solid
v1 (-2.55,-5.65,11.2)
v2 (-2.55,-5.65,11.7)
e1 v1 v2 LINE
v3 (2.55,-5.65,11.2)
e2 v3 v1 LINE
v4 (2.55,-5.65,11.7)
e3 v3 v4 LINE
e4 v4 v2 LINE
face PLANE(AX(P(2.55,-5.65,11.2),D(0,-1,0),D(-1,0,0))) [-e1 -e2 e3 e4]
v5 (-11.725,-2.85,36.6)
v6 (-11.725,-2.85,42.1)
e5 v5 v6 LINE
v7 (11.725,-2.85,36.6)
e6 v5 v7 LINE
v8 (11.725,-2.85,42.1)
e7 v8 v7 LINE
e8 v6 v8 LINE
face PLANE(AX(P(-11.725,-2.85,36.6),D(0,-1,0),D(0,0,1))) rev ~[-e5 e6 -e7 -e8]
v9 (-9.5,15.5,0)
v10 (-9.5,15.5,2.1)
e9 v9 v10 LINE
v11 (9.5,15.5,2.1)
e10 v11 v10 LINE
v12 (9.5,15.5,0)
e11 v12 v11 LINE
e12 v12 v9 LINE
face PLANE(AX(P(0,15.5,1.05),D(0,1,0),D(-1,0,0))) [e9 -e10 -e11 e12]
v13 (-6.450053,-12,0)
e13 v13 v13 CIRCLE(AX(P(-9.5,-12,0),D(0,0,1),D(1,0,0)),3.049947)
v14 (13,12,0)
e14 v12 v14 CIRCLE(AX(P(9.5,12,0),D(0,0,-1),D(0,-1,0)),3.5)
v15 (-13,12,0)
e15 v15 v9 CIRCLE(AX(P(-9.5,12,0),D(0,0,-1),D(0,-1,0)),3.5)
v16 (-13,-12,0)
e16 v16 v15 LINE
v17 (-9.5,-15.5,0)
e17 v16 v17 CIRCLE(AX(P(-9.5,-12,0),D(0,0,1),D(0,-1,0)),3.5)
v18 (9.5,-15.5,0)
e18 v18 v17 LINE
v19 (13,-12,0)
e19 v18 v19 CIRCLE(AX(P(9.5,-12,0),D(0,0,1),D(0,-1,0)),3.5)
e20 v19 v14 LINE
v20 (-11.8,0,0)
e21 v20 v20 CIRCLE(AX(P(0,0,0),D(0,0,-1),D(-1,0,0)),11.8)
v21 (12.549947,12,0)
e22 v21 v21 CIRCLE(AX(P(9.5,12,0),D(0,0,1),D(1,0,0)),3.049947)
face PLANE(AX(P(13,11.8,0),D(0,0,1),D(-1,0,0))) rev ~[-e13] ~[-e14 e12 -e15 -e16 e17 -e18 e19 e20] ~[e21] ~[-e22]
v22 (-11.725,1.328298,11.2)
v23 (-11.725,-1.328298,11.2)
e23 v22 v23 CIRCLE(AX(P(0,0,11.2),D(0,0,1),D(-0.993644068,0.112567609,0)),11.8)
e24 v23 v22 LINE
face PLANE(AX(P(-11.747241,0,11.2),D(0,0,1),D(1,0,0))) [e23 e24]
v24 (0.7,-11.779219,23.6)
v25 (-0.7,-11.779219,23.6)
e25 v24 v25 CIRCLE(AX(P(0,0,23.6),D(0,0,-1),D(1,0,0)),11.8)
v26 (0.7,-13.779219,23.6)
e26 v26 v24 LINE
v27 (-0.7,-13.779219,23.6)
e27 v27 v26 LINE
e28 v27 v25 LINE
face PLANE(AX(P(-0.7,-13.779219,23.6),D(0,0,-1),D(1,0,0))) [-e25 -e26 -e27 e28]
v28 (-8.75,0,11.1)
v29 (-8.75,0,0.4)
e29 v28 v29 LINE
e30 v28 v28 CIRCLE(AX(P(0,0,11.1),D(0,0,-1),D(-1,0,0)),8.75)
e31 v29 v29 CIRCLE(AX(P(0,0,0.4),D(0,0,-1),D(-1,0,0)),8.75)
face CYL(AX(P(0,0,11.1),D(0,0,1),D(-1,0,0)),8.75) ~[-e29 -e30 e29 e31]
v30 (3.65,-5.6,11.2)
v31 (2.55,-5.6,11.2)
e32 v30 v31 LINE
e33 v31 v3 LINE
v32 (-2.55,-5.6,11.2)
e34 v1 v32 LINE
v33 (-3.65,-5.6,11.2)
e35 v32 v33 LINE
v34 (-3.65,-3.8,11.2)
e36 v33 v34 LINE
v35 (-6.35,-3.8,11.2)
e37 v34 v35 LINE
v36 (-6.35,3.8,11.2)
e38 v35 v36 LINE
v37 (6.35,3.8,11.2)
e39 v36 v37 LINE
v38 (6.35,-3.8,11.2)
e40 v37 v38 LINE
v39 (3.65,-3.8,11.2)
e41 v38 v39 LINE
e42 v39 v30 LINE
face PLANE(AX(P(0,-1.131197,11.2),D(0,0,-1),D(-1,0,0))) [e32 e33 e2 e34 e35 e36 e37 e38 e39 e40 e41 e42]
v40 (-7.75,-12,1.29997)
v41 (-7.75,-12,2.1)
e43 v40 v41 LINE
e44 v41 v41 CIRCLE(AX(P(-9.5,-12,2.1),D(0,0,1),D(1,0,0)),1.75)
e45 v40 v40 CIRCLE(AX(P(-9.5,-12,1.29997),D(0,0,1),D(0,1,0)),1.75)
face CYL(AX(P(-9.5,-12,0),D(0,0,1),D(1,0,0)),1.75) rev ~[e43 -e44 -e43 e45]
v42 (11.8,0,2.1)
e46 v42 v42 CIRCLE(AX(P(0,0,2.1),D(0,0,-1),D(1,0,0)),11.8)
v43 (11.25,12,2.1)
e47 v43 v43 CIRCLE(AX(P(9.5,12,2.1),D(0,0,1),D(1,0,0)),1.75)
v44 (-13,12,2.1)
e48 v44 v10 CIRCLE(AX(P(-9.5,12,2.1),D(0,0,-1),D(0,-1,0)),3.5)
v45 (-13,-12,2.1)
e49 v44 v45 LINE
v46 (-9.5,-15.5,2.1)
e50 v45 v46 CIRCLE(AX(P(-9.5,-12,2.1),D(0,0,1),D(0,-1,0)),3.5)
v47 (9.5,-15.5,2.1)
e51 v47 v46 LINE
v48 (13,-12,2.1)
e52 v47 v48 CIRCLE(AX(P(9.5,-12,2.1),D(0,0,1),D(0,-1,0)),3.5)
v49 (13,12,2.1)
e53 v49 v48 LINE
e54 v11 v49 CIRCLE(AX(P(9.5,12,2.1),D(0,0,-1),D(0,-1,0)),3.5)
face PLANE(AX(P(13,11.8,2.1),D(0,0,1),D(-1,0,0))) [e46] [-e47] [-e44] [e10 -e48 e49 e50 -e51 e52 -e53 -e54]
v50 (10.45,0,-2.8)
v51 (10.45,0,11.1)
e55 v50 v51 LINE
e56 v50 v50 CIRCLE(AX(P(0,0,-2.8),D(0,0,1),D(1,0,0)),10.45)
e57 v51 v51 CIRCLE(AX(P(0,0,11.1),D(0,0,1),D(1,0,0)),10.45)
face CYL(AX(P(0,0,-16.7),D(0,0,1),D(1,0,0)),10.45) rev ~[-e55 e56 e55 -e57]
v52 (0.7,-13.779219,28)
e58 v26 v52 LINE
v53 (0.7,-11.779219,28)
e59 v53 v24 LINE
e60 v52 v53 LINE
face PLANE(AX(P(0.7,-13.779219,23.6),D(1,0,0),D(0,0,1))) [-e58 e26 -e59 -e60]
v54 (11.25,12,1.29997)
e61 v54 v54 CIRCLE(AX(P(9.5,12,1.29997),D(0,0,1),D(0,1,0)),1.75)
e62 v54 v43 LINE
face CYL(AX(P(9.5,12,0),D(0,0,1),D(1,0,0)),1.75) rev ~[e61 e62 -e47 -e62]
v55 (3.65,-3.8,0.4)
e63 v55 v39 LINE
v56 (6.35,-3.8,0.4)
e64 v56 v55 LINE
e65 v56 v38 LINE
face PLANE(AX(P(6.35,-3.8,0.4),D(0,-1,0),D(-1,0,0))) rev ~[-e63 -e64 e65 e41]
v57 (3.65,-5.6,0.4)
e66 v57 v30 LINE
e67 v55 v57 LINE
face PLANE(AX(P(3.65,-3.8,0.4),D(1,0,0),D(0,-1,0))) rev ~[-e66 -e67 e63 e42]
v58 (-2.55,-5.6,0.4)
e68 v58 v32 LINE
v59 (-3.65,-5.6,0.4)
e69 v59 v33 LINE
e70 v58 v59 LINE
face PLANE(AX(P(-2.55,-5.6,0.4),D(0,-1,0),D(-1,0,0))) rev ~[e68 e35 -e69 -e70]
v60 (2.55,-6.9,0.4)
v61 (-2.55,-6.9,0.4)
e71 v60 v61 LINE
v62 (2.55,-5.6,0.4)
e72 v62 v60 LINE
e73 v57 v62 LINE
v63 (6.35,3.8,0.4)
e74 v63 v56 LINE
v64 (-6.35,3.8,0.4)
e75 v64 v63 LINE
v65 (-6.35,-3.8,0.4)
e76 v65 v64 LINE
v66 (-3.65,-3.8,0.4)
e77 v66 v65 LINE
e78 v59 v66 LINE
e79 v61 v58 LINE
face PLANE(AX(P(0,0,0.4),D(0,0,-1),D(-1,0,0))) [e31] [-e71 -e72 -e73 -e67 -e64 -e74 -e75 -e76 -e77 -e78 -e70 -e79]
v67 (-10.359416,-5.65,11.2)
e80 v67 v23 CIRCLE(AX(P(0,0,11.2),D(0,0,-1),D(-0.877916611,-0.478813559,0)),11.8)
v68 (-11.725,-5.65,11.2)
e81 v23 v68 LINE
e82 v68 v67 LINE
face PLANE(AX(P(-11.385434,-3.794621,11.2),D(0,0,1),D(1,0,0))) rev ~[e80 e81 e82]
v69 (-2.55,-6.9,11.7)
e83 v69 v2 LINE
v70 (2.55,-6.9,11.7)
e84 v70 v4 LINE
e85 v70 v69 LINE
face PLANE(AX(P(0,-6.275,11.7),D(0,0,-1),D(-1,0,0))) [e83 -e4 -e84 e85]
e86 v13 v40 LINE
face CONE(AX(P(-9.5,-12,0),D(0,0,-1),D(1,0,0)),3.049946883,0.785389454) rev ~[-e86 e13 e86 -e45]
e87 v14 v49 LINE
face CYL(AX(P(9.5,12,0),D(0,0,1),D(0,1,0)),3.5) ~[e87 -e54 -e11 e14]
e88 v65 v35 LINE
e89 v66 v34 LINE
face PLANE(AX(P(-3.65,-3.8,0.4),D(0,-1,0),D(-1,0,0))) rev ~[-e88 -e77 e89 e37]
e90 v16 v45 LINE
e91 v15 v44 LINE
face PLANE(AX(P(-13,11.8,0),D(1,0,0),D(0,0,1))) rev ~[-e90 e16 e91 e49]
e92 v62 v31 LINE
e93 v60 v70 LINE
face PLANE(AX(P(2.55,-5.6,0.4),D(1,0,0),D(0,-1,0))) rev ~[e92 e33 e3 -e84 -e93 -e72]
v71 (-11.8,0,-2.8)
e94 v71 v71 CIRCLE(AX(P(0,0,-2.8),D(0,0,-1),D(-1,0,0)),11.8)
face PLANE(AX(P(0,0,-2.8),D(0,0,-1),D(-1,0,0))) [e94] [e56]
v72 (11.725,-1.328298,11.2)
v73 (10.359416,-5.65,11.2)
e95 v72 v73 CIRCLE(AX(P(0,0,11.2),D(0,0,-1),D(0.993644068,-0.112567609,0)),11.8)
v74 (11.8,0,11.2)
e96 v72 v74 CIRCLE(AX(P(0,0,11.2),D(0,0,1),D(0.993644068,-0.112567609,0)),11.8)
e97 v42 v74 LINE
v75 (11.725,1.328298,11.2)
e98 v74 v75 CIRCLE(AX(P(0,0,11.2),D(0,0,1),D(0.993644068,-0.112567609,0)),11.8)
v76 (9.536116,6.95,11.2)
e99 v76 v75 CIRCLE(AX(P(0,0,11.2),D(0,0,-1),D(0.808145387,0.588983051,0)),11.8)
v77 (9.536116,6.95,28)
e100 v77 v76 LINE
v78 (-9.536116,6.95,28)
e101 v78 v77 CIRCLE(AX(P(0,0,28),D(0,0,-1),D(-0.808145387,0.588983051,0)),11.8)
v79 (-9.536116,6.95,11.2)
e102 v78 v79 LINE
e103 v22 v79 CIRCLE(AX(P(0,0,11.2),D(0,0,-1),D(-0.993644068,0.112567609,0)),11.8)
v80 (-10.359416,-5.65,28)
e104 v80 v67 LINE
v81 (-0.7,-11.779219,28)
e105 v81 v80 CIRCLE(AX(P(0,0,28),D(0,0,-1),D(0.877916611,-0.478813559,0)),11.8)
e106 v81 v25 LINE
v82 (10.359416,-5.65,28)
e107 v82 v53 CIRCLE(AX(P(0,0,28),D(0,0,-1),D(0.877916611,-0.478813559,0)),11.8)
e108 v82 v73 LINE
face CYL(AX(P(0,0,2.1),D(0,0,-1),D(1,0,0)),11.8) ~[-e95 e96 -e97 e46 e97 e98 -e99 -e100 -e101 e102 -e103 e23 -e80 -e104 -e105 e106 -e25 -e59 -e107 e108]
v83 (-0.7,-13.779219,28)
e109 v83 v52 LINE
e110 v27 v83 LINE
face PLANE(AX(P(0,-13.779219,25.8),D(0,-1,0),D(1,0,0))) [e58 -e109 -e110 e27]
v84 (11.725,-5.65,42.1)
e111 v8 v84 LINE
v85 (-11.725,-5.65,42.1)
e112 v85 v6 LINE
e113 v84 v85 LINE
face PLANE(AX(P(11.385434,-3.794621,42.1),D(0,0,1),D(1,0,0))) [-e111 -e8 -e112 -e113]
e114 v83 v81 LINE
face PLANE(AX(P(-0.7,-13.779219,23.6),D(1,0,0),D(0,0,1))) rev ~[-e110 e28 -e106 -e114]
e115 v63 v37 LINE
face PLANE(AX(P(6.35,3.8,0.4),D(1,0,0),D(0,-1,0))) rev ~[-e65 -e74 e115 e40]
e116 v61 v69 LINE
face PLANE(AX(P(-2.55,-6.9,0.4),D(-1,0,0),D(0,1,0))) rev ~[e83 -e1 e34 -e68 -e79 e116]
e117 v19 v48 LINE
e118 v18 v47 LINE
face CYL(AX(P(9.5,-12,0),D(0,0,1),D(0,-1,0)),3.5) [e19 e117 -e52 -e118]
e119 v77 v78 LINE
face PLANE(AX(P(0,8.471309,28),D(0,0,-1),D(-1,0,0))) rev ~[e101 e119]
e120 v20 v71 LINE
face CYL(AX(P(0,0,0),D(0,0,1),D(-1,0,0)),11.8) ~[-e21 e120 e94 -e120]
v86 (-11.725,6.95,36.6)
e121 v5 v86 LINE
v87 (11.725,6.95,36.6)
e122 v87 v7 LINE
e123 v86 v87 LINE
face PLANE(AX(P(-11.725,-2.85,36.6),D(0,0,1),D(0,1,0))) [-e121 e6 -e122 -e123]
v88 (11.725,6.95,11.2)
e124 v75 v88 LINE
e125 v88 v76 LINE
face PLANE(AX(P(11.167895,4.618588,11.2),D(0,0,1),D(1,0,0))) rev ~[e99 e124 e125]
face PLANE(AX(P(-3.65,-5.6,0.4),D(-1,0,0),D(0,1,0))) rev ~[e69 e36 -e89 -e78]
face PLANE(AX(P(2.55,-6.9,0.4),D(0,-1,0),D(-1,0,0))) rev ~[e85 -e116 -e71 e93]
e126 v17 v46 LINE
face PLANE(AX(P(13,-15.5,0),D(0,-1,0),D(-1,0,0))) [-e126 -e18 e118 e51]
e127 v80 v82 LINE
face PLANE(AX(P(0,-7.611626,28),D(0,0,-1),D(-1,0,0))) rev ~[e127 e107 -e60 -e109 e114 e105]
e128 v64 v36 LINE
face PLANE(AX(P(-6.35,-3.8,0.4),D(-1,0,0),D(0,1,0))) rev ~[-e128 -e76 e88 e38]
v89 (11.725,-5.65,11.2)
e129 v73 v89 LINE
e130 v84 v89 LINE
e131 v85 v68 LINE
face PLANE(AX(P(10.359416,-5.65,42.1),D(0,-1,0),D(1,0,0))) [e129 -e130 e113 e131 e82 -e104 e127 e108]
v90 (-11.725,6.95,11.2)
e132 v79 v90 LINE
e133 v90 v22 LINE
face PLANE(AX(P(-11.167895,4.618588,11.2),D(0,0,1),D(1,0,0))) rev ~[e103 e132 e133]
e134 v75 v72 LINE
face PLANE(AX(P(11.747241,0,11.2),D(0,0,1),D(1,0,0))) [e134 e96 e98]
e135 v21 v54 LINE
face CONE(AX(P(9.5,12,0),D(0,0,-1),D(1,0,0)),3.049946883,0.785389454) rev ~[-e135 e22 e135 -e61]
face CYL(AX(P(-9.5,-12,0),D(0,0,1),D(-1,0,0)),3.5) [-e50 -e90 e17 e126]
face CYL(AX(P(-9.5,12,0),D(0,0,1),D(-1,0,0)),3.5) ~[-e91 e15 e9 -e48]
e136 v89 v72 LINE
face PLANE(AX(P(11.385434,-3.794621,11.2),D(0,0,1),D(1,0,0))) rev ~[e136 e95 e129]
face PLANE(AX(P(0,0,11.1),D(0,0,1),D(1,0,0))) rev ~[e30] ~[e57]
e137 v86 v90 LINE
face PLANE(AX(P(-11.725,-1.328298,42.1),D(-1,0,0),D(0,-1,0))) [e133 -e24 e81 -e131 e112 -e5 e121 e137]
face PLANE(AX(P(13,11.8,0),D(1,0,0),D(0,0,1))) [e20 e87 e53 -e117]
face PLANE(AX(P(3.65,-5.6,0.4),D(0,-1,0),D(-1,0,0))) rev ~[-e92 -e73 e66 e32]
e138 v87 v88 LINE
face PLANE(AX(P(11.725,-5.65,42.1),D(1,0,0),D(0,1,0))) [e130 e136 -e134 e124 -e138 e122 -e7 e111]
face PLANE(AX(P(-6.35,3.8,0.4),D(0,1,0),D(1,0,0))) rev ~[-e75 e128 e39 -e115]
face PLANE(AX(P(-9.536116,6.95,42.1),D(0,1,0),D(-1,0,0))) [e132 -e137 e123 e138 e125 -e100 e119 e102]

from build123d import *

# Parameters (mm, degrees)
ESQUISSE1_W                                    = 26
ESQUISSE1_H                                    = 27.3
BOSS_EXTRU_1_DEPTH                             = 2.1
ESQUISSE2_R                                    = 11.8
BOSS_EXTRU_2_DEPTH                             = 40
ESQUISSE3_W                                    = 26
ESQUISSE3_H                                    = 2.1
BOSS_EXTRU_3_DEPTH                             = 3.7
ESQUISSE4_R                                    = 11.8
BOSS_EXTRU_4_DEPTH                             = 2.8
D_GAGEMENT_M181_D                              = 20.9
D_GAGEMENT_M181_DEPTH                          = 13.9
ESQUISSE7_R                                    = 8.75
BOSS_EXTRU_5_DEPTH                             = 10.7
ENL_V_MAT_EXTRU_1_DEPTH                        = 10.8
ESQUISSE9_W                                    = 5.1
ESQUISSE9_H                                    = 1.25
ENL_V_MAT_EXTRU_2_DEPTH                        = 0.5
ENL_V_MAT_EXTRU_3_DEPTH                        = 30.9
BOSS_EXTRU_6_DEPTH                             = 30.9
ENL_V_MAT_EXTRU_4_DEPTH                        = 30.9
BOSS_EXTRU_7_DEPTH                             = 30.9
BOSS_EXTRU_8_DEPTH                             = 30.9
BOSS_EXTRU_9_DEPTH                             = 30.9
ENL_V_MAT_EXTRU_5_REACH                        = 16.1
ENL_V_MAT_EXTRU_6_REACH                        = 16.1
ESQUISSE20_W                                   = 5.5
ESQUISSE20_H                                   = 9.8
ENL_V_MAT_EXTRU_7_DEPTH                        = 25.725
BOSS_EXTRU_10_REACH                            = 31.279
ESQUISSE21_W                                   = 1.4
ESQUISSE21_H                                   = 4.4
FRAISAGE_POUR_VIS_T_TE_FRAIS_E_M31_D           = 3.5
FRAISAGE_POUR_VIS_T_TE_FRAIS_E_M31_DEPTH       = 42.1
FRAISAGE_POUR_VIS_T_TE_FRAIS_E_M31_CSINK_D     = 6.099893765
FRAISAGE_POUR_VIS_T_TE_FRAIS_E_M31_CSINK_ANGLE = 89.999002
CONG_1_R                                       = 3.5


with BuildPart() as part:
    # Esquisse1 → Boss.-Extru.1 (new body)
    with BuildSketch(Plane(origin=(0, 0, 0), x_dir=(-1, 0, 0), z_dir=(0, 0, -1))):
        with Locations((0, -1.85)):
            Rectangle(ESQUISSE1_W, ESQUISSE1_H)
    extrude(amount=-BOSS_EXTRU_1_DEPTH)

    # Esquisse2 → Boss.-Extru.2 (add)
    with BuildSketch(Plane.XY.offset(2.1)):
        Circle(ESQUISSE2_R)
    extrude(amount=BOSS_EXTRU_2_DEPTH)

    # Esquisse3 → Boss.-Extru.3 (add)
    with BuildSketch(Plane(origin=(0, 11.8, 0), x_dir=(-1, 0, 0), z_dir=(0, 1, 0))):
        with Locations((0, 1.05)):
            Rectangle(ESQUISSE3_W, ESQUISSE3_H)
    extrude(amount=BOSS_EXTRU_3_DEPTH)

    # Esquisse4 → Boss.-Extru.4 (add)
    with BuildSketch(Plane(origin=(0, 0, 0), x_dir=(-1, 0, 0), z_dir=(0, 0, -1))):
        Circle(ESQUISSE4_R)
    extrude(amount=BOSS_EXTRU_4_DEPTH)

    # Dégagement M181
    with Locations(Plane(origin=(0, 0, -2.8), x_dir=(-1, 0, 0), z_dir=(0, 0, -1))):
        with Locations((0, 0)):
            Hole(D_GAGEMENT_M181_D / 2, depth=D_GAGEMENT_M181_DEPTH)

    # Esquisse7 → Boss.-Extru.5 (add)
    with BuildSketch(Plane(origin=(0, 0, 11.1), x_dir=(-1, 0, 0), z_dir=(0, 0, -1))):
        Circle(ESQUISSE7_R)
    extrude(amount=BOSS_EXTRU_5_DEPTH)

    # Esquisse8 → Enlèv. mat.-Extru.1 (cut)
    with BuildSketch(Plane(origin=(0, 0, 0.4), x_dir=(-1, 0, 0), z_dir=(0, 0, -1))):
        Polygon((6.35, -3.8), (6.35, 3.8), (-6.35, 3.8), (-6.35, -3.8), (-3.65, -3.8), (-3.65, -5.6), (-2.55, -5.6), (-2.55, -6.9), (2.55, -6.9), (2.55, -5.6), (3.65, -5.6), (3.65, -3.8), align=None)
    extrude(amount=-ENL_V_MAT_EXTRU_1_DEPTH, mode=Mode.SUBTRACT)

    # Esquisse9 → Enlèv. mat.-Extru.2 (cut)
    with BuildSketch(Plane(origin=(0, 0, 11.2), x_dir=(-1, 0, 0), z_dir=(0, 0, -1))):
        with Locations((0, -6.275)):
            Rectangle(ESQUISSE9_W, ESQUISSE9_H)
    extrude(amount=-ENL_V_MAT_EXTRU_2_DEPTH, mode=Mode.SUBTRACT)

    # Esquisse10 → Enlèv. mat.-Extru.3 (cut)
    with BuildSketch(Plane.XY.offset(42.1)):
        with BuildLine():
            Line((-11.725, -1.328297783), (-11.725, 1.328297783))
            ThreePointArc((-11.725, 1.328297783), (-11.8, 0), (-11.725, -1.328297783))
        make_face()
    extrude(amount=-ENL_V_MAT_EXTRU_3_DEPTH, mode=Mode.SUBTRACT)

    # Esquisse11 → Boss.-Extru.6 (add)
    with BuildSketch(Plane.XY.offset(42.1)):
        with BuildLine():
            Line((-9.536115561, 6.95), (-11.725, 6.95))
            Line((-11.725, 6.95), (-11.725, 1.328297783))
            ThreePointArc((-11.725, 1.328297783), (-10.995892082, 4.281396655), (-9.536115561, 6.95))
        make_face()
    extrude(amount=-BOSS_EXTRU_6_DEPTH)

    # Esquisse12 → Enlèv. mat.-Extru.4 (cut)
    with BuildSketch(Plane.XY.offset(42.1)):
        with BuildLine():
            Line((11.725, 1.328297783), (11.725, -1.328297783))
            ThreePointArc((11.725, -1.328297783), (11.8, 0), (11.725, 1.328297783))
        make_face()
    extrude(amount=-ENL_V_MAT_EXTRU_4_DEPTH, mode=Mode.SUBTRACT)

    # Esquisse13 → Boss.-Extru.7 (add)
    with BuildSketch(Plane.XY.offset(42.1)):
        with BuildLine():
            Line((11.725, 1.328297783), (11.725, 6.95))
            Line((11.725, 6.95), (9.536115561, 6.95))
            ThreePointArc((9.536115561, 6.95), (10.995892082, 4.281396655), (11.725, 1.328297783))
        make_face()
    extrude(amount=-BOSS_EXTRU_7_DEPTH)

    # Esquisse14 → Boss.-Extru.8 (add)
    with BuildSketch(Plane.XY.offset(42.1)):
        with BuildLine():
            Line((-11.725, -1.328297783), (-11.725, -5.65))
            Line((-11.725, -5.65), (-10.359416007, -5.65))
            ThreePointArc((-10.359416007, -5.65), (-11.251650328, -3.555329084), (-11.725, -1.328297783))
        make_face()
    extrude(amount=-BOSS_EXTRU_8_DEPTH)

    # Esquisse15 → Boss.-Extru.9 (add)
    with BuildSketch(Plane.XY.offset(42.1)):
        with BuildLine():
            Line((10.359416007, -5.65), (11.725, -5.65))
            Line((11.725, -5.65), (11.725, -1.328297783))
            ThreePointArc((11.725, -1.328297783), (11.251650328, -3.555329084), (10.359416007, -5.65))
        make_face()
    extrude(amount=-BOSS_EXTRU_9_DEPTH)

    # Esquisse17 → Enlèv. mat.-Extru.5 (cut, up to next)
    with BuildSketch(Plane(origin=(0, 0, 28), x_dir=(-1, 0, 0), z_dir=(0, 0, -1)), mode=Mode.PRIVATE) as enl_v_mat_extru_5_sk1:
        with BuildLine():
            Line((-9.536115561, 6.95), (9.536115561, 6.95))
            ThreePointArc((9.536115561, 6.95), (0, 11.8), (-9.536115561, 6.95))
        make_face()
    enl_v_mat_extru_5_tool1 = extrude(enl_v_mat_extru_5_sk1.sketch, amount=-ENL_V_MAT_EXTRU_5_REACH, mode=Mode.PRIVATE) & part.part
    add(enl_v_mat_extru_5_tool1.solids().sort_by_distance((0, 8.928831, 28))[0], mode=Mode.SUBTRACT)

    # Esquisse19 → Enlèv. mat.-Extru.6 (cut, up to next)
    with BuildSketch(Plane(origin=(0, 0, 28), x_dir=(-1, 0, 0), z_dir=(0, 0, -1)), mode=Mode.PRIVATE) as enl_v_mat_extru_6_sk1:
        with BuildLine():
            Line((10.359416007, -5.65), (-10.359416007, -5.65))
            ThreePointArc((-10.359416007, -5.65), (0, -11.8), (10.359416007, -5.65))
        make_face()
    enl_v_mat_extru_6_tool1 = extrude(enl_v_mat_extru_6_sk1.sketch, amount=-ENL_V_MAT_EXTRU_6_REACH, mode=Mode.PRIVATE) & part.part
    add(enl_v_mat_extru_6_tool1.solids().sort_by_distance((0, -8.174843, 28))[0], mode=Mode.SUBTRACT)

    # Esquisse20 → Enlèv. mat.-Extru.7 (cut, through all)
    with BuildSketch(Plane.ZY.offset(11.725)):
        with Locations((39.35, 2.05)):
            Rectangle(ESQUISSE20_W, ESQUISSE20_H)
    extrude(amount=-ENL_V_MAT_EXTRU_7_DEPTH, mode=Mode.SUBTRACT)

    # Esquisse21 → Boss.-Extru.10 (add, up to next)
    with BuildSketch(Plane.XZ.offset(13.779218989), mode=Mode.PRIVATE) as boss_extru_10_sk1:
        with Locations((0, 25.8)):
            Rectangle(ESQUISSE21_W, ESQUISSE21_H)
    boss_extru_10_tool1 = extrude(boss_extru_10_sk1.sketch, amount=-BOSS_EXTRU_10_REACH, mode=Mode.PRIVATE) - part.part
    add(boss_extru_10_tool1.solids().sort_by_distance((0, -13.779219, 25.8))[0])

    # Fraisage pour vis à tête fraisée M31
    with Locations(Plane(origin=(0, 0, 0), x_dir=(-1, 0, 0), z_dir=(0, 0, -1))):
        with Locations((-9.5, 12), (9.5, -12)):
            CounterSinkHole(FRAISAGE_POUR_VIS_T_TE_FRAIS_E_M31_D / 2, FRAISAGE_POUR_VIS_T_TE_FRAIS_E_M31_CSINK_D / 2, depth=FRAISAGE_POUR_VIS_T_TE_FRAIS_E_M31_DEPTH, counter_sink_angle=FRAISAGE_POUR_VIS_T_TE_FRAIS_E_M31_CSINK_ANGLE)

    # Congé1
    cong_1_edges = [part.edges().sort_by_distance(p)[0] for p in [
        (13, 15.5, 1.05),
        (-13, 15.5, 1.05),
        (-13, -15.5, 1.05),
        (13, -15.5, 1.05),
    ]]
    fillet(cong_1_edges, radius=CONG_1_R)


solid = part.part
